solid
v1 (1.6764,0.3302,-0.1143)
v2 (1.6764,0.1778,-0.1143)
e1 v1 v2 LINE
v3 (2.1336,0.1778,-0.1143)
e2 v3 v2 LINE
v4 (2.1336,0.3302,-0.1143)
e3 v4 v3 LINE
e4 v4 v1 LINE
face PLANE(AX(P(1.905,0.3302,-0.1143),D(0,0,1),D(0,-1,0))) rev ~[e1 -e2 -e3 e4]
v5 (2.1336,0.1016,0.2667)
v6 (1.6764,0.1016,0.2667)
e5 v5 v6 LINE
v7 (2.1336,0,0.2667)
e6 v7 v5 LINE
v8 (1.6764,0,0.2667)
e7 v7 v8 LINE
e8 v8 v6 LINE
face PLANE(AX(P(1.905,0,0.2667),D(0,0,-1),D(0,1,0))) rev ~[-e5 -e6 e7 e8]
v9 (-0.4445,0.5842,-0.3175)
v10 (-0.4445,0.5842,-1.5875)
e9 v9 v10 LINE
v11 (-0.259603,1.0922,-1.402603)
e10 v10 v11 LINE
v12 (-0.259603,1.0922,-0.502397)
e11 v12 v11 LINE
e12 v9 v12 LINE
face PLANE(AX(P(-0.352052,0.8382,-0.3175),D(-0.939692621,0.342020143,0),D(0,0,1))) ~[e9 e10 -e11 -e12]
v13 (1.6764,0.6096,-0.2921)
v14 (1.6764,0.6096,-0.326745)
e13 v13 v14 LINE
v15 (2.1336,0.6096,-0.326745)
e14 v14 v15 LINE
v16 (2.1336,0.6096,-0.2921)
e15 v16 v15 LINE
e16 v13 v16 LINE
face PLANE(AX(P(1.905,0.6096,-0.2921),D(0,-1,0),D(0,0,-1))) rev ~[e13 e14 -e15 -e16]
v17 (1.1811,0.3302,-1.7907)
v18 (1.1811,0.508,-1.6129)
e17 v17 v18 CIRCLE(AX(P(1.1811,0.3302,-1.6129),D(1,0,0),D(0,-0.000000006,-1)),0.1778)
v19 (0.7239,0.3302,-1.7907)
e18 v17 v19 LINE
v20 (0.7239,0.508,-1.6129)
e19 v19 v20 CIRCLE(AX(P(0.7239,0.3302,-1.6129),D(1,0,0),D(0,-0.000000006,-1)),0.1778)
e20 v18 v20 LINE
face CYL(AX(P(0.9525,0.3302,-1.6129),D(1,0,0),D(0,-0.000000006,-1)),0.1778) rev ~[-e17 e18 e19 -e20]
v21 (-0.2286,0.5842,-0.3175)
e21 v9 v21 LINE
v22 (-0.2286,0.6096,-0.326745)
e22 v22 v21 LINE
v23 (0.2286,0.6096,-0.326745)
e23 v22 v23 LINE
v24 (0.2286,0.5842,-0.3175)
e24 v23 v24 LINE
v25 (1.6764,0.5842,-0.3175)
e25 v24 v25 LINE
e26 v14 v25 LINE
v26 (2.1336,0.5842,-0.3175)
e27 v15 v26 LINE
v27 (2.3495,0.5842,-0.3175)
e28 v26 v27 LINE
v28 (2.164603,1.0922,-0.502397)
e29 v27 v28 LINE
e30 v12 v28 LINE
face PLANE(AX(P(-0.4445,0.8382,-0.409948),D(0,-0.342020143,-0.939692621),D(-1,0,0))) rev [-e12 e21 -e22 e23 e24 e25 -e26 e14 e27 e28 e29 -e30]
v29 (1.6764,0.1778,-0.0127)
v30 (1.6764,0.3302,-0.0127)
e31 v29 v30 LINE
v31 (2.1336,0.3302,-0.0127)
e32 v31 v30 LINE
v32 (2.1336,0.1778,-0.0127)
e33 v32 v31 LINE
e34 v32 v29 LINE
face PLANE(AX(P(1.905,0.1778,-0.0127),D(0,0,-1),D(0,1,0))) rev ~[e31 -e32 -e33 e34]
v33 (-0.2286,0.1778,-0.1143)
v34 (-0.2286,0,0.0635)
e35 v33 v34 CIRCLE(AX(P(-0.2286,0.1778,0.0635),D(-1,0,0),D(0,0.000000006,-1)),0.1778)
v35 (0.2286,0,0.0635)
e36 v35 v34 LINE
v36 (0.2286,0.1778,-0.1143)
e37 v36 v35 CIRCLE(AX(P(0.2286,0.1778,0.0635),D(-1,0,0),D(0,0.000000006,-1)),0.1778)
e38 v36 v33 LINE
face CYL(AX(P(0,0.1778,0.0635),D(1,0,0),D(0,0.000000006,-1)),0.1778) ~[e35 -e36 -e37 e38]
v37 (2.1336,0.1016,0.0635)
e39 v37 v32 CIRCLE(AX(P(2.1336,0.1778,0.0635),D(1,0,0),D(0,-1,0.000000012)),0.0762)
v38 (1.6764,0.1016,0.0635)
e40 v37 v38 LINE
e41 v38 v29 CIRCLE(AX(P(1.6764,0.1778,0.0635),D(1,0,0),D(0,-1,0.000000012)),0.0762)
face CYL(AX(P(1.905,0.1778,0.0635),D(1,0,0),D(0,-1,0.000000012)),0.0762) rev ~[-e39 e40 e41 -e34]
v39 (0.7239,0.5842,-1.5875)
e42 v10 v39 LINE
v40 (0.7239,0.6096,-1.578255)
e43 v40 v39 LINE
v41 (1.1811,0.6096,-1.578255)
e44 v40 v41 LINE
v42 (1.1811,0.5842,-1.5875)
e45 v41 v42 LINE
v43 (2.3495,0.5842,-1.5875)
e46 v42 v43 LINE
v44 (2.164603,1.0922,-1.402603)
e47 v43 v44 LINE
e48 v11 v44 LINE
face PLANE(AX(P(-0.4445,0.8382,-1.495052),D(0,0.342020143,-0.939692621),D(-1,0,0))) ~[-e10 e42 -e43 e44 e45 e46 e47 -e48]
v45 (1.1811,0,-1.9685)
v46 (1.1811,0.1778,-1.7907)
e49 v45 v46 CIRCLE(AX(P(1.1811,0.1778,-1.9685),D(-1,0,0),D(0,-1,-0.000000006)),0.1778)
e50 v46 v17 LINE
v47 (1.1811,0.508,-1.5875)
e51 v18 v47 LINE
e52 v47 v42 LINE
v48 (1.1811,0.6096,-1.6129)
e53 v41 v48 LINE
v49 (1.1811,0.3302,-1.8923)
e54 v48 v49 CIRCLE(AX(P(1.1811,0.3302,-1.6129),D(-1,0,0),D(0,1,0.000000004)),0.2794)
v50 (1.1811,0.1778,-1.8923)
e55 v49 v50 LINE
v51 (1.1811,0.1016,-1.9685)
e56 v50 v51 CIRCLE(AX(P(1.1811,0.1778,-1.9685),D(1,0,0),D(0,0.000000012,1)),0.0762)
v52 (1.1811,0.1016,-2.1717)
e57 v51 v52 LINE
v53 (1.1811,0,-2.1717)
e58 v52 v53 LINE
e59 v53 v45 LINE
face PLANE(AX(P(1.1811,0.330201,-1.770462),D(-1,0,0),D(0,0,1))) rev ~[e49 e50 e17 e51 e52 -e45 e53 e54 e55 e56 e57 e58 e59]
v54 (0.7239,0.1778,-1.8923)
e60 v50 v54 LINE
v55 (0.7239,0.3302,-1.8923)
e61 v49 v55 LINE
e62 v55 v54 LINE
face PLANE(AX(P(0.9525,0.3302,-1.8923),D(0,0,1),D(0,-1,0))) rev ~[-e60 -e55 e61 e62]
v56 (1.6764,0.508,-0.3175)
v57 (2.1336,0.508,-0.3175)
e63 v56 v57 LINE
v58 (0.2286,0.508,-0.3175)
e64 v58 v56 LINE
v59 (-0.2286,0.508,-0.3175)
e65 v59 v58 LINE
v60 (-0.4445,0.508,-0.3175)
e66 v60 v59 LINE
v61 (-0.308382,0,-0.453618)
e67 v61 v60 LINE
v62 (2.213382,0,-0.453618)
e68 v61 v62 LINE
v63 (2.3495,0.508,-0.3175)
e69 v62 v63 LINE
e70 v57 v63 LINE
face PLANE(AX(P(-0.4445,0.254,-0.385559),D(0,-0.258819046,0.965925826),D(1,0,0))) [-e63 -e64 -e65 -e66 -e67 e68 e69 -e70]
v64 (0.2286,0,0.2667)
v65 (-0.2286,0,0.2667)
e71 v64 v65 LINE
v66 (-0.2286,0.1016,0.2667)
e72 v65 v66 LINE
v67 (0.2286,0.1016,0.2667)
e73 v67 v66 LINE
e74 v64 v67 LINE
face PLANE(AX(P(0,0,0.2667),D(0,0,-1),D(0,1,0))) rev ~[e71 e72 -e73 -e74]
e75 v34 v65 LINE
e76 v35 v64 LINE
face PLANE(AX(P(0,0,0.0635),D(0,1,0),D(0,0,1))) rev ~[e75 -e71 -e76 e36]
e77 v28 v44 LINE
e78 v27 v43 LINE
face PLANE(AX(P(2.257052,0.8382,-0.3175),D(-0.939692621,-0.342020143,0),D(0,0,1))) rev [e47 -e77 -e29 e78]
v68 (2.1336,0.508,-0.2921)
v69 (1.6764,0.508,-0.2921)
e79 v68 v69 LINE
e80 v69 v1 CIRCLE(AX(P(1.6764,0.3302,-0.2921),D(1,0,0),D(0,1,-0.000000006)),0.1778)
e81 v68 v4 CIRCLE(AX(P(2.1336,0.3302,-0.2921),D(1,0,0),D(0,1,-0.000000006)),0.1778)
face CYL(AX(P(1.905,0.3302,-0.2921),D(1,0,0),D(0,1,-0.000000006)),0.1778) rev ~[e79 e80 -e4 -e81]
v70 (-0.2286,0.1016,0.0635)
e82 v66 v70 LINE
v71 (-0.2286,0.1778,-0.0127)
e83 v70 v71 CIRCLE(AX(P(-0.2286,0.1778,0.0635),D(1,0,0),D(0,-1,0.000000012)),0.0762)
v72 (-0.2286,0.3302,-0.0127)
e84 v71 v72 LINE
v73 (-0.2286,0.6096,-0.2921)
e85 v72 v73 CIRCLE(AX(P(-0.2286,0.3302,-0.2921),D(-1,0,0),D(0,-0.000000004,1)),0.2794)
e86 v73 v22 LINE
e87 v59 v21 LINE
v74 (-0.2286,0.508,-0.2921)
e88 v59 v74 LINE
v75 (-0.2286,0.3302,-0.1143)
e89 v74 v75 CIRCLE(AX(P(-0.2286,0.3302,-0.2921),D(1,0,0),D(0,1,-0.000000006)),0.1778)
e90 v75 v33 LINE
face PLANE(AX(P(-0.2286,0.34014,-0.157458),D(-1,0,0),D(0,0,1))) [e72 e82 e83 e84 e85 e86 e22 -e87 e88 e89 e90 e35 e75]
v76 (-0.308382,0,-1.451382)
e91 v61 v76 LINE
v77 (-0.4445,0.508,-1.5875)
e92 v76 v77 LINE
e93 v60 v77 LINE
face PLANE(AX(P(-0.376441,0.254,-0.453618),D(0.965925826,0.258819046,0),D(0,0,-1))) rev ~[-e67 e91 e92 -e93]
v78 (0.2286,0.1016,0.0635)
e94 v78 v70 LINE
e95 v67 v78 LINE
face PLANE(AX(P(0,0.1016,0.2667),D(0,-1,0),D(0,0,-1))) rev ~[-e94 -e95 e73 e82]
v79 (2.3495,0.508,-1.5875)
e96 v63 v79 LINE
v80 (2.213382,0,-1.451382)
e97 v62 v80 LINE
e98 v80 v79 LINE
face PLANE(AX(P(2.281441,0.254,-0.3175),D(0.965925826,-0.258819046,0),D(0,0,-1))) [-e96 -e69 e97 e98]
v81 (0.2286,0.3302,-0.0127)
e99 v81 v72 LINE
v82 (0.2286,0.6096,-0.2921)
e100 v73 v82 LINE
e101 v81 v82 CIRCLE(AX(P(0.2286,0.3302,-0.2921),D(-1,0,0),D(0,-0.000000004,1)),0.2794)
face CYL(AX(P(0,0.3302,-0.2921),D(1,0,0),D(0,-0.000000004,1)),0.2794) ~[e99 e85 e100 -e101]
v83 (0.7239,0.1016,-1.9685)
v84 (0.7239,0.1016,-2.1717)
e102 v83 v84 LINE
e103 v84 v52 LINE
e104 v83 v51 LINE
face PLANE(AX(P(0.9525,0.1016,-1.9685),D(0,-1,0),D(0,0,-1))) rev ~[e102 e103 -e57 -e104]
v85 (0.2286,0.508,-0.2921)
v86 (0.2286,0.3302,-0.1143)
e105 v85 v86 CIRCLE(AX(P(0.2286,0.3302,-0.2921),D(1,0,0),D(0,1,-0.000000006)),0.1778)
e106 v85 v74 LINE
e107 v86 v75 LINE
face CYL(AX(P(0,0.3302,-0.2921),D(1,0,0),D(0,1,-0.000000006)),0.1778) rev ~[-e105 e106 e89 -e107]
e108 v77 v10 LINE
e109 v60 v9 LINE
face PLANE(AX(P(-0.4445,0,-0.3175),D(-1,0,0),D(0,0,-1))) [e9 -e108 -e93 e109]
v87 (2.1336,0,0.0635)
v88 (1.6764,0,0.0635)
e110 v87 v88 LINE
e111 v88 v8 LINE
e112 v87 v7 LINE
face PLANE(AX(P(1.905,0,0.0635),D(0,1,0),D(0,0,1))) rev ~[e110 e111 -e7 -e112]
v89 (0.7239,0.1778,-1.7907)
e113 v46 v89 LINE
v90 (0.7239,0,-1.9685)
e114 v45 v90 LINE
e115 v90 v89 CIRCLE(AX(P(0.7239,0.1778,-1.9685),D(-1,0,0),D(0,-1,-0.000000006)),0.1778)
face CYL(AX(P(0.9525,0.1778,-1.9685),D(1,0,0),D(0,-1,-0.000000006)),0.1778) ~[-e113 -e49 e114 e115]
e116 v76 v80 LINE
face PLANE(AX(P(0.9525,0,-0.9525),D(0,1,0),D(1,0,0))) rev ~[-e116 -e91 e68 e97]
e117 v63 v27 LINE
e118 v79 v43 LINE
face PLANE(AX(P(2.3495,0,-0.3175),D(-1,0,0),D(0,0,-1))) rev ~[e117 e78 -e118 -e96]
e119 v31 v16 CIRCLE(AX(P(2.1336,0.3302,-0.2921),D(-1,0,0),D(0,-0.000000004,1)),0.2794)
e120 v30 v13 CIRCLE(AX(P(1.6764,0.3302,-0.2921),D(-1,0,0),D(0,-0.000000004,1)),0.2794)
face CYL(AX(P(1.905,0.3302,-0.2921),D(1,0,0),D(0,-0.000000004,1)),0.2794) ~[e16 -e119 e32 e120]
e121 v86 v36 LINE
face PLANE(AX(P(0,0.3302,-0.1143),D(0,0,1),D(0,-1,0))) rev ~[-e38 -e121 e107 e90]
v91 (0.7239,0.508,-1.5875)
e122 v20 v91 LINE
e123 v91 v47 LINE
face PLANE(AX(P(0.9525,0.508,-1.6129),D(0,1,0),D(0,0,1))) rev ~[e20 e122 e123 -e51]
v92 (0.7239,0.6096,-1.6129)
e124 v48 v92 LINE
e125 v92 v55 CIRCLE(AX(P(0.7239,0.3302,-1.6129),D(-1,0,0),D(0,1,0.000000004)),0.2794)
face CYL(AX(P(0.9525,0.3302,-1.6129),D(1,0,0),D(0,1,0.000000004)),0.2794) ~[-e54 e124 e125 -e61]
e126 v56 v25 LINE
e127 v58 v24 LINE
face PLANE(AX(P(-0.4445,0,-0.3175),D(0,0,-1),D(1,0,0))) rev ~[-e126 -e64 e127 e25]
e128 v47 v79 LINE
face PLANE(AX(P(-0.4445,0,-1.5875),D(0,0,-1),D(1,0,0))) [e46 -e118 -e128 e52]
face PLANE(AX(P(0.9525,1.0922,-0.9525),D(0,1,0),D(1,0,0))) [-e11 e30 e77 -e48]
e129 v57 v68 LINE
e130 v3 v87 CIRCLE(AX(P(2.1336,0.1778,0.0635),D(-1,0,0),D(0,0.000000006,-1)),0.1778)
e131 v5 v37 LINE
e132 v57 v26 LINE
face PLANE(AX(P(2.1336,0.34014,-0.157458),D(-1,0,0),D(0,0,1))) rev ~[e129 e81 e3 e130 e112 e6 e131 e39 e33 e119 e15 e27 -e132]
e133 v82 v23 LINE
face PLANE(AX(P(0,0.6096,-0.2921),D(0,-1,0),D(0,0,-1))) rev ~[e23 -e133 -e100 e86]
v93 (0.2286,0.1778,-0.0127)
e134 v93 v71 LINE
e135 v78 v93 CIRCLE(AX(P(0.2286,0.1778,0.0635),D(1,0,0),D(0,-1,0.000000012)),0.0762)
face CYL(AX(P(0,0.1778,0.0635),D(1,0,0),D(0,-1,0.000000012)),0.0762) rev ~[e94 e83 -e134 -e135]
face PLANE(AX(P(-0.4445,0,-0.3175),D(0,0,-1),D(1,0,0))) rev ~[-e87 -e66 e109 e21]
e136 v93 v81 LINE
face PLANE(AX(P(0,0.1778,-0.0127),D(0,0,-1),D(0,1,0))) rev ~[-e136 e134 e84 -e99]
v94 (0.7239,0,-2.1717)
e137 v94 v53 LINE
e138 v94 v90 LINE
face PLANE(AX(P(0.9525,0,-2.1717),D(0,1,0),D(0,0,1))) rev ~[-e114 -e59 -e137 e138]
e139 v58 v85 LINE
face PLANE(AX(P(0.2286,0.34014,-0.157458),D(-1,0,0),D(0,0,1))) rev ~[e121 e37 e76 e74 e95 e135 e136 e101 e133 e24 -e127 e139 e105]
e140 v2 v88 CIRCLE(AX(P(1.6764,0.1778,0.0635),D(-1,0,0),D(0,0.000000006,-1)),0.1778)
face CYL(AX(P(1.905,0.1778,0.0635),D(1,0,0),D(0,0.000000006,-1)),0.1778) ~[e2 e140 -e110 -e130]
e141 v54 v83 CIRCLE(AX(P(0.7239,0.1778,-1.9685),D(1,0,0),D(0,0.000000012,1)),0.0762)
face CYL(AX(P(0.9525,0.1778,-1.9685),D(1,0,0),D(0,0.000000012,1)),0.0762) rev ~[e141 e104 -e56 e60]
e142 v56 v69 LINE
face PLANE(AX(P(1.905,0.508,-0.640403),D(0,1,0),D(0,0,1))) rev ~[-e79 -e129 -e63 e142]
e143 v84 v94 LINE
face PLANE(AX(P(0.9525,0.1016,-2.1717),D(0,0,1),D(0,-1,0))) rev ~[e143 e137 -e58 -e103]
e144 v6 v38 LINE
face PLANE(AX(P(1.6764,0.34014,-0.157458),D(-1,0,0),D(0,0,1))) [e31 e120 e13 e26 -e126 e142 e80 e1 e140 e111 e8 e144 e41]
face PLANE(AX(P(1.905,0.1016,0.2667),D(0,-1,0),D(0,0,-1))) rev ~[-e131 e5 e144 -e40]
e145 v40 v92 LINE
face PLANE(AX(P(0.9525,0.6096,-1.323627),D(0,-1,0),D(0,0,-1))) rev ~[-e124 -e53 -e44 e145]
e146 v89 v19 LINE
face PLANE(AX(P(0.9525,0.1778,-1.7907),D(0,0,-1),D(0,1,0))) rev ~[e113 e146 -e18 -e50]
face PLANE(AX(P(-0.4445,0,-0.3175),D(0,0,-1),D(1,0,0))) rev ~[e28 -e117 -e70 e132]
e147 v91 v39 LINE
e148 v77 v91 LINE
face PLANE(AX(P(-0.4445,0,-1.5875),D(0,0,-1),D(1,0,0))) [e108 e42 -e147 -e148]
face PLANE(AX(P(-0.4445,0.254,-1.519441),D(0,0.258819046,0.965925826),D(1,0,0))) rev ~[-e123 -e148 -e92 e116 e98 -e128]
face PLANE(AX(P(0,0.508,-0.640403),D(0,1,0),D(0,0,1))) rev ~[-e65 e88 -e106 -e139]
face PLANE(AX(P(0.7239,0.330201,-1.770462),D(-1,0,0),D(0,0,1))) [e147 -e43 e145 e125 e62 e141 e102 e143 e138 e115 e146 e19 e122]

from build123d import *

# Parameters (mm, degrees)
SKETCH2_W                = 2.794
SKETCH2_H                = 1.27
BASE_EXTRUDE_DEPTH       = 1.0922
CHAMFER1_SIZE2           = 0.184896879
CHAMFER1_SIZE            = 0.508
CHAMFER2_SIZE2           = 0.508
CHAMFER2_SIZE            = 0.13611819
CHAMFER2_EDGE_2_SIZE2    = 0.508
CHAMFER2_EDGE_2_SIZE     = 0.13611819
CHAMFER2_EDGE_3_SIZE2    = 0.508
CHAMFER2_EDGE_3_SIZE     = 0.13611819
CHAMFER2_EDGE_4_SIZE2    = 0.508
CHAMFER2_EDGE_4_SIZE     = 0.13611819
BOSS_EXTRUDE_THIN2_DEPTH = 0.2286
LPATTERN1_COUNT          = 2
LPATTERN1_PITCH          = 1.905
BOSS_EXTRUDE_THIN3_DEPTH = 0.2286


with BuildPart() as part:
    # Sketch2 → Base-Extrude (new body)
    with BuildSketch(Plane(origin=(0, 0, 0), x_dir=(1, 0, 0), z_dir=(0, 1, 0))):
        with Locations((0.9525, 0.9525)):
            Rectangle(SKETCH2_W, SKETCH2_H)
    extrude(amount=BASE_EXTRUDE_DEPTH)

    # Chamfer1
    chamfer1_edges = [part.edges().sort_by_distance(p)[0] for p in [
        (2.3495, 1.0922, -0.9525),
        (0.9525, 1.0922, -1.5875),
        (-0.4445, 1.0922, -0.9525),
        (0.9525, 1.0922, -0.3175),
    ]]
    chamfer(chamfer1_edges, length=CHAMFER1_SIZE, length2=CHAMFER1_SIZE2)

    # Chamfer2
    chamfer2_edges = [part.edges().sort_by_distance(p)[0] for p in [
        (0.9525, 0, -1.5875),
    ]]
    chamfer(chamfer2_edges, length=CHAMFER2_SIZE, length2=CHAMFER2_SIZE2)

    # Chamfer2 edge 2
    chamfer2_edge_2_edges = [part.edges().sort_by_distance(p)[0] for p in [
        (2.3495, 0, -0.9525),
    ]]
    chamfer(chamfer2_edge_2_edges, length=CHAMFER2_EDGE_2_SIZE, length2=CHAMFER2_EDGE_2_SIZE2)

    # Chamfer2 edge 3
    chamfer2_edge_3_edges = [part.edges().sort_by_distance(p)[0] for p in [
        (0.9525, 0, -0.3175),
    ]]
    chamfer(chamfer2_edge_3_edges, length=CHAMFER2_EDGE_3_SIZE, length2=CHAMFER2_EDGE_3_SIZE2)

    # Chamfer2 edge 4
    chamfer2_edge_4_edges = [part.edges().sort_by_distance(p)[0] for p in [
        (-0.4445, 0, -0.9525),
    ]]
    chamfer(chamfer2_edge_4_edges, length=CHAMFER2_EDGE_4_SIZE, length2=CHAMFER2_EDGE_4_SIZE2)

    # Sketch3 → Boss-Extrude-Thin2 (add, symmetric)
    with BuildSketch(Plane(origin=(0, 0, 0), x_dir=(0, 0, -1), z_dir=(1, 0, 0))):
        with BuildLine():
            Line((0.640403251, 0.508), (0.2921, 0.508))
            ThreePointArc((0.2921, 0.508), (0.166376414, 0.455923586), (0.1143, 0.3302))
            Line((0.1143, 0.3302), (0.1143, 0.1778))
            ThreePointArc((0.1143, 0.1778), (0.062223586, 0.052076414), (-0.0635, 0))
            Line((-0.0635, 0), (-0.2667, 0))
            Line((-0.2667, 0), (-0.2667, 0.1016))
            Line((-0.2667, 0.1016), (-0.0635, 0.1016))
            ThreePointArc((-0.0635, 0.1016), (-0.009618463, 0.123918463), (0.0127, 0.1778))
            Line((0.0127, 0.1778), (0.0127, 0.3302))
            ThreePointArc((0.0127, 0.3302), (0.094534365, 0.527765635), (0.2921, 0.6096))
            Line((0.2921, 0.6096), (0.640403251, 0.6096))
            Line((0.640403251, 0.6096), (0.640403251, 0.508))
        make_face()
    boss_extrude_thin2 = extrude(amount=BOSS_EXTRUDE_THIN2_DEPTH, both=True)

    # LPattern1: Boss-Extrude-Thin2 ×2
    with Locations(*[(i * LPATTERN1_PITCH, 0, 0) for i in range(1, LPATTERN1_COUNT)]):
        add(boss_extrude_thin2)

    # Sketch4 → Boss-Extrude-Thin3 (add, symmetric)
    with BuildSketch(Plane(origin=(0.9525, 0, 0), x_dir=(0, 0, -1), z_dir=(1, 0, 0))):
        with BuildLine():
            Line((2.1717, 0), (1.9685, 0))
            ThreePointArc((1.9685, 0), (1.842776414, 0.052076414), (1.7907, 0.1778))
            Line((1.7907, 0.1778), (1.7907, 0.3302))
            ThreePointArc((1.7907, 0.3302), (1.738623586, 0.455923586), (1.6129, 0.508))
            Line((1.6129, 0.508), (1.323627418, 0.508))
            Line((1.323627418, 0.508), (1.323627418, 0.6096))
            Line((1.323627418, 0.6096), (1.6129, 0.6096))
            ThreePointArc((1.6129, 0.6096), (1.810465635, 0.527765635), (1.8923, 0.3302))
            Line((1.8923, 0.3302), (1.8923, 0.1778))
            ThreePointArc((1.8923, 0.1778), (1.914618463, 0.123918463), (1.9685, 0.1016))
            Line((1.9685, 0.1016), (2.1717, 0.1016))
            Line((2.1717, 0.1016), (2.1717, 0))
        make_face()
    extrude(amount=BOSS_EXTRUDE_THIN3_DEPTH, both=True)


solid = part.part
